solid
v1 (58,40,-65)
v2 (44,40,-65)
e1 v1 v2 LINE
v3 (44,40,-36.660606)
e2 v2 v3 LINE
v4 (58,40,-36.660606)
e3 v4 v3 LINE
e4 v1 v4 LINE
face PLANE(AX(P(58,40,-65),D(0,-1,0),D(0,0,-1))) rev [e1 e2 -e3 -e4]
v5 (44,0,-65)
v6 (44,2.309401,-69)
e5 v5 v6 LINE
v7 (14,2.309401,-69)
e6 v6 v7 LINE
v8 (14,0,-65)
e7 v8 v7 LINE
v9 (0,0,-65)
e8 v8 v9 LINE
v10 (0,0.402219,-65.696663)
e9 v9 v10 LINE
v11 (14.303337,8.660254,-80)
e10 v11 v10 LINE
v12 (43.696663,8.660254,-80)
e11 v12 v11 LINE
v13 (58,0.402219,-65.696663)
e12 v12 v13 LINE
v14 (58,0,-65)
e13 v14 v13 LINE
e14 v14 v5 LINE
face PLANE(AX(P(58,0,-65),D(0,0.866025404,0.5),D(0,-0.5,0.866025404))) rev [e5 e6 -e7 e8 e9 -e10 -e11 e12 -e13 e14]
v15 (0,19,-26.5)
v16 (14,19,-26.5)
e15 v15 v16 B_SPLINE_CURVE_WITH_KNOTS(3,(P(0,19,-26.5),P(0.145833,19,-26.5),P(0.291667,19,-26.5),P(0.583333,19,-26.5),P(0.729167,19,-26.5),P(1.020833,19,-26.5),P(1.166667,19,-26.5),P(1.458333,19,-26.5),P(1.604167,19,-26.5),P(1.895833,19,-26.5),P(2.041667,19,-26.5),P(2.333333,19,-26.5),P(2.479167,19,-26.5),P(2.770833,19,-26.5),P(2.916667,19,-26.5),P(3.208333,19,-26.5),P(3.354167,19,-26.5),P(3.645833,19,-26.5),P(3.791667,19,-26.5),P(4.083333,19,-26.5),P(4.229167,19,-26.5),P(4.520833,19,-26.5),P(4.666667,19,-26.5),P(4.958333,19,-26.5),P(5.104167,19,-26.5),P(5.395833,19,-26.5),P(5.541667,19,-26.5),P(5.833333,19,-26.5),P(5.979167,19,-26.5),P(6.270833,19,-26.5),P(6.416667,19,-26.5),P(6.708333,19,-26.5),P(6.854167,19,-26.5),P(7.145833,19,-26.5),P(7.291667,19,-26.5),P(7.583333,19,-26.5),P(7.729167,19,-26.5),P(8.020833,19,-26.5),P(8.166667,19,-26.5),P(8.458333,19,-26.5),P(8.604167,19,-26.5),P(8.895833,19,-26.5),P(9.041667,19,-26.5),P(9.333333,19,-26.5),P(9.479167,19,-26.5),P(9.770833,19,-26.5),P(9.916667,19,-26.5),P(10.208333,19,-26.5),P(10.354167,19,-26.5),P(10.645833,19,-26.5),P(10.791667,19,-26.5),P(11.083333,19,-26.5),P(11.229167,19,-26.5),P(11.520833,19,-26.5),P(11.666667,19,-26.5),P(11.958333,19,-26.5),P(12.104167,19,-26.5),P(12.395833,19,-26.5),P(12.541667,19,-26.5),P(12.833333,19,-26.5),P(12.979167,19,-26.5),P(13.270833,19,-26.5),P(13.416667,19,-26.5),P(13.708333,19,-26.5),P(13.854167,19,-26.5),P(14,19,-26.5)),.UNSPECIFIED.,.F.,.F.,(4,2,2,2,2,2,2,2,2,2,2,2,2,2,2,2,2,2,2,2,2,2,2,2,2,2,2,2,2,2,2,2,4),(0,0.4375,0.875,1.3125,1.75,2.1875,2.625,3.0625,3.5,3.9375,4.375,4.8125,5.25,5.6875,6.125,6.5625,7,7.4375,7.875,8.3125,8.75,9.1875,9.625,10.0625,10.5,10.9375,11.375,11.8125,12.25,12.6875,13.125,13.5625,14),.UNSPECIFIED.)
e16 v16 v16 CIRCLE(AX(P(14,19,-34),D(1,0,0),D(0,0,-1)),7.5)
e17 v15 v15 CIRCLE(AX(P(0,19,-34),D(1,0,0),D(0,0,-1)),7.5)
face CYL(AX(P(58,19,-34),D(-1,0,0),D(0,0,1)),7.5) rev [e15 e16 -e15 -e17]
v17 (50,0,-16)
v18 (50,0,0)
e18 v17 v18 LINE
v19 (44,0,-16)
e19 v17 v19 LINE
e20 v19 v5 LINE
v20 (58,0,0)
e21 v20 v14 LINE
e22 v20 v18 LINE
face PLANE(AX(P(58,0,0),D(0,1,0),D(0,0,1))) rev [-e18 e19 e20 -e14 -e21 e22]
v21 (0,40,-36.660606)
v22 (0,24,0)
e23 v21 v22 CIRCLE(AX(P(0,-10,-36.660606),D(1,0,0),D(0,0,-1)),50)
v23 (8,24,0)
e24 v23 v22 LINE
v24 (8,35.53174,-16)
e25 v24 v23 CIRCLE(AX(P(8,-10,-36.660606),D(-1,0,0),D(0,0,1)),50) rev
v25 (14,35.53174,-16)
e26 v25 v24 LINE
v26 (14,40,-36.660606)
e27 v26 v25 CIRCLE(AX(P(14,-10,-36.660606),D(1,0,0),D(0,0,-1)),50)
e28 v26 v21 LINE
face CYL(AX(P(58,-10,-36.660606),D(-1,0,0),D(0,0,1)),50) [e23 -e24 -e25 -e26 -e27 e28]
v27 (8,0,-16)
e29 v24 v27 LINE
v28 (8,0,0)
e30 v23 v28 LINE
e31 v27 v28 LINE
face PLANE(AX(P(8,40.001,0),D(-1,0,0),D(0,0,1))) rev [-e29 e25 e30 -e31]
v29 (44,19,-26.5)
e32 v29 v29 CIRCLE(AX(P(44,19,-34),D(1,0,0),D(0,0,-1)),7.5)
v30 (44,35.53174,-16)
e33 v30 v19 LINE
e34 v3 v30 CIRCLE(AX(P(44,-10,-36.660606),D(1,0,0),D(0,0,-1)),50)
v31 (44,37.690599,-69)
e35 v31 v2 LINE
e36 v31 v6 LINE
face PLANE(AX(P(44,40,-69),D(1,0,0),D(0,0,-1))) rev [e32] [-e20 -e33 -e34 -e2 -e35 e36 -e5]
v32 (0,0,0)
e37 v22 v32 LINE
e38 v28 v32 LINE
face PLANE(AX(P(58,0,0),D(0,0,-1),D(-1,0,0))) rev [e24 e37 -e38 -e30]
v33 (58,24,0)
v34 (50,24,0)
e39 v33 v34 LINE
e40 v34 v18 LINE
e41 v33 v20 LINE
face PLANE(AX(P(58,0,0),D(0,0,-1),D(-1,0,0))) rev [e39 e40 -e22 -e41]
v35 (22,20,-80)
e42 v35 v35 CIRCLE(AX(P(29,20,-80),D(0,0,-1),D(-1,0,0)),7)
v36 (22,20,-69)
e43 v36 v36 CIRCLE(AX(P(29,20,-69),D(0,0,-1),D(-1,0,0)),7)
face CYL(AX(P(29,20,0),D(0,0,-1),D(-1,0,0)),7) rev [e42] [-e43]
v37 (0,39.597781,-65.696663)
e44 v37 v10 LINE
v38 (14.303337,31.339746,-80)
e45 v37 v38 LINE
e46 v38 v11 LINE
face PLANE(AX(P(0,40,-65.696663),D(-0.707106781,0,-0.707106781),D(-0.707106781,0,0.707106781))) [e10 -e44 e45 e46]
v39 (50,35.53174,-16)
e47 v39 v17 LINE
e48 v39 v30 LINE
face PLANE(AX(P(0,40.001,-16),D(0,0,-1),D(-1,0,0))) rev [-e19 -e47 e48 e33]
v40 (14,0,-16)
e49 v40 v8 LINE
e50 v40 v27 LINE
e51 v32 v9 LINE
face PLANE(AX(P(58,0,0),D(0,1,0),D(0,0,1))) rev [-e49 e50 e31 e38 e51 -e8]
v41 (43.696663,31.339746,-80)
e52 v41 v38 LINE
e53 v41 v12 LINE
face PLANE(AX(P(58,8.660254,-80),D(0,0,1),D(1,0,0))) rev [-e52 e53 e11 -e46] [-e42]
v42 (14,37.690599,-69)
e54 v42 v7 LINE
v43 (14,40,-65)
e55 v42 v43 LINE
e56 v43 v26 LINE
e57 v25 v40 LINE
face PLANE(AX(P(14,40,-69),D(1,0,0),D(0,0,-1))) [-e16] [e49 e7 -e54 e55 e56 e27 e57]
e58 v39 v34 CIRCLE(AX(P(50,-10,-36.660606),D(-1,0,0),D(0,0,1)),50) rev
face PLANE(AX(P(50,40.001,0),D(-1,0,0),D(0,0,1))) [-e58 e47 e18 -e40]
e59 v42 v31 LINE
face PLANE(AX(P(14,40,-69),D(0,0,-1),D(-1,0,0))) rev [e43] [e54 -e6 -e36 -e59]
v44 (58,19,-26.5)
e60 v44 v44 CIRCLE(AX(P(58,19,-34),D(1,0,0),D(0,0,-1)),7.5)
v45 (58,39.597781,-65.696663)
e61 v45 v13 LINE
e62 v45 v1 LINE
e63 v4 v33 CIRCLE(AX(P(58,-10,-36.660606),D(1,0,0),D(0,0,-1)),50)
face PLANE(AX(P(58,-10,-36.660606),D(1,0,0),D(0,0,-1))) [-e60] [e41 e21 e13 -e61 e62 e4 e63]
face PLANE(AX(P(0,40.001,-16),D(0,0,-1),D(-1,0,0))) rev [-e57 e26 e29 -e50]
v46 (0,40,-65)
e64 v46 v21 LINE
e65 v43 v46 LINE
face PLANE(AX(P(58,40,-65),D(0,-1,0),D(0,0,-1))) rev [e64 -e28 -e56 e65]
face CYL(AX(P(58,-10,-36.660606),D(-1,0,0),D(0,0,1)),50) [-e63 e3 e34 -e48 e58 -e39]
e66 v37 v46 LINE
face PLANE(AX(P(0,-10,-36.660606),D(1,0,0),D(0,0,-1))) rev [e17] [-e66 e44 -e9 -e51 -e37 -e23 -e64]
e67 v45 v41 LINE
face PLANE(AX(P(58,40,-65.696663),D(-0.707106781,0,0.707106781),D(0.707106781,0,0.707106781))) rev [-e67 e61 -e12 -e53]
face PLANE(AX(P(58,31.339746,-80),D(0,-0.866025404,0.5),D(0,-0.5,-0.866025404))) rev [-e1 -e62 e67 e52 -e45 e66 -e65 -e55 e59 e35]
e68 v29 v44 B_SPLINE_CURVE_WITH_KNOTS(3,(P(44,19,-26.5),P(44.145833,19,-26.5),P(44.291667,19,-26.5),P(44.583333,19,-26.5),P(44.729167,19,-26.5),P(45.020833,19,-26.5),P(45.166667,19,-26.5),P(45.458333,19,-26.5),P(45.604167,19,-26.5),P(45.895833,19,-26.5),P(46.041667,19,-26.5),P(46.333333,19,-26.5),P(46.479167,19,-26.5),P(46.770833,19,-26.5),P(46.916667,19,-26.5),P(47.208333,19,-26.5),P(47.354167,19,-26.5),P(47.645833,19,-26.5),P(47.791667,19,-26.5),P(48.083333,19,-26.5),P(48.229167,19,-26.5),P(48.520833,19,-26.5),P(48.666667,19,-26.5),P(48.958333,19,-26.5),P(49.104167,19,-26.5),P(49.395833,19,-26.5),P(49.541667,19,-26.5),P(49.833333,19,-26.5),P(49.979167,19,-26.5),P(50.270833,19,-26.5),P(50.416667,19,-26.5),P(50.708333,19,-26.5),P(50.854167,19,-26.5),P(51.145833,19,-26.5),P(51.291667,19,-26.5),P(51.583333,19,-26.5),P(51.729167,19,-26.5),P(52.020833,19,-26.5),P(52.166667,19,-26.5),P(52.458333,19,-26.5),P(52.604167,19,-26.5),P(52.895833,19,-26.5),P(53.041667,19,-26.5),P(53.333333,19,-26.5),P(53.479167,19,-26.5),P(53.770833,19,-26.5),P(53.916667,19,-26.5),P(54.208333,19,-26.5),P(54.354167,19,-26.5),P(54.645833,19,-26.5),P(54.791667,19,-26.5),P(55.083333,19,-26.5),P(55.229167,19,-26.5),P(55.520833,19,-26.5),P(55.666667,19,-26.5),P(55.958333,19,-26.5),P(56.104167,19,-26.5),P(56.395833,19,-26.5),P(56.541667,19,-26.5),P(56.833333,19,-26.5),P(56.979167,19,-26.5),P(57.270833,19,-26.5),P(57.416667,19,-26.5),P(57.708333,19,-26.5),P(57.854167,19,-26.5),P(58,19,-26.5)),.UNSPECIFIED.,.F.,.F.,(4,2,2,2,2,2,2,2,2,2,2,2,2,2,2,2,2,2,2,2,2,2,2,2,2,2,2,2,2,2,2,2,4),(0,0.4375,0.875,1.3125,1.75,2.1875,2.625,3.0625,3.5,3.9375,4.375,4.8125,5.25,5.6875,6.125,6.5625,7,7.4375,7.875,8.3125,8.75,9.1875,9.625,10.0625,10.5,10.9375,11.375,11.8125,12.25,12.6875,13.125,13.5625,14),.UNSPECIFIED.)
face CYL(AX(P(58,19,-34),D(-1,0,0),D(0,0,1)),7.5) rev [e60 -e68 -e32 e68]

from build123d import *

# Parameters (mm, degrees)
SKETCH1_R                           = 7.5
BOSS_EXTRUDE1_DEPTH                 = 58
CUT_EXTRUDE1_DEPTH                  = 107.60206377
CUT_EXTRUDE1_DEPTH_BACK             = 10
SKETCH3_W                           = 30
SKETCH3_H                           = 53
CUT_EXTRUDE3_DEPTH                  = 107.60206377
CUT_EXTRUDE3_DIRECTION_2_REACH      = 108.602
CUT_EXTRUDE3_DIRECTION_2_END_RADIUS = 50
CUT_EXTRUDE4_DEPTH                  = 107.60206377
SKETCH8_R                           = 7
CUT_EXTRUDE5_DEPTH                  = 107.60206377


with BuildPart() as part:
    # Sketch1 → Boss-Extrude1 (new body)
    with BuildSketch(Plane(origin=(0, 0, 0), x_dir=(0, 0, -1), z_dir=(1, 0, 0))):
        with BuildLine():
            Line((0, 0), (65, 0))
            Line((65, 0), (80, 8.660254038))
            Line((80, 8.660254038), (80, 31.339745962))
            Line((80, 31.339745962), (65, 40))
            Line((65, 40), (36.66060556, 40))
            ThreePointArc((36.66060556, 40), (16.66060556, 35.82575695), (0, 24))
            Line((0, 24), (0, 0))
        make_face()
        with Locations(Location((34, 19, 0), (0, 0, 180))):
            Circle(SKETCH1_R, mode=Mode.SUBTRACT)
    extrude(amount=BOSS_EXTRUDE1_DEPTH)

    # Sketch3 → Cut-Extrude1 (cut, two sides: drawn at the far end of the back side and taken through both)
    with BuildSketch(Plane(origin=(0, 0, 0), x_dir=(1, 0, 0), z_dir=(0, 1, 0)).offset(-CUT_EXTRUDE1_DEPTH_BACK)):
        with Locations((29, 42.5)):
            Rectangle(SKETCH3_W, SKETCH3_H)
    extrude(amount=CUT_EXTRUDE1_DEPTH + CUT_EXTRUDE1_DEPTH_BACK, mode=Mode.SUBTRACT)

    # Sketch5 → Cut-Extrude3 (cut)
    with BuildSketch(Plane(origin=(0, 0, 0), x_dir=(1, 0, 0), z_dir=(0, 1, 0))):
        Polygon((29, 0), (29, 16), (14, 16), (8, 16), (8, 0), align=None)
        Polygon((44, 16), (29, 16), (29, 0), (50, 0), (50, 16), align=None)
    extrude(amount=-CUT_EXTRUDE3_DEPTH, mode=Mode.SUBTRACT)

    # Cut-Extrude3 direction 2: up to this cylinder (the profile starts inside it)
    cut_extrude3_direction_2_end = Plane(origin=(29, -10, -36.66060556), z_dir=(-1, 0, 0)) * Cylinder(CUT_EXTRUDE3_DIRECTION_2_END_RADIUS, 339.204, mode=Mode.PRIVATE)
    # Sketch5 → Cut-Extrude3 direction 2 (cut, up to the surface)
    with BuildSketch(Plane(origin=(0, 0, 0), x_dir=(1, 0, 0), z_dir=(0, 1, 0)), mode=Mode.PRIVATE) as cut_extrude3_direction_2_sk1:
        Polygon((29, 0), (29, 16), (14, 16), (8, 16), (8, 0), align=None)
    cut_extrude3_direction_2_tool1 = extrude(cut_extrude3_direction_2_sk1.sketch, amount=CUT_EXTRUDE3_DIRECTION_2_REACH, mode=Mode.PRIVATE) & cut_extrude3_direction_2_end
    add(cut_extrude3_direction_2_tool1.solids().sort_by_distance((18.5, 0, -8))[0], mode=Mode.SUBTRACT)
    # Sketch5 → Cut-Extrude3 direction 2 (cut, up to the surface)
    with BuildSketch(Plane(origin=(0, 0, 0), x_dir=(1, 0, 0), z_dir=(0, 1, 0)), mode=Mode.PRIVATE) as cut_extrude3_direction_2_sk2:
        Polygon((44, 16), (29, 16), (29, 0), (50, 0), (50, 16), align=None)
    cut_extrude3_direction_2_tool2 = extrude(cut_extrude3_direction_2_sk2.sketch, amount=CUT_EXTRUDE3_DIRECTION_2_REACH, mode=Mode.PRIVATE) & cut_extrude3_direction_2_end
    add(cut_extrude3_direction_2_tool2.solids().sort_by_distance((39.5, 0, -8))[0], mode=Mode.SUBTRACT)

    # Sketch7 → Cut-Extrude4 (cut, through all)
    with BuildSketch(Plane(origin=(0, 0, 0), x_dir=(1, 0, 0), z_dir=(0, 1, 0))):
        Polygon((0, 65.69666313), (14.30333687, 80), (0, 80), align=None)
        Polygon((58, 65.69666313), (43.69666313, 80), (58, 80), align=None)
    extrude(amount=CUT_EXTRUDE4_DEPTH, mode=Mode.SUBTRACT)

    # Sketch8 → Cut-Extrude5 (cut, through all)
    with BuildSketch(Plane(origin=(0, 0, -80), x_dir=(-1, 0, 0), z_dir=(0, 0, -1))):
        with Locations((-29, 20)):
            Circle(SKETCH8_R)
    extrude(amount=-CUT_EXTRUDE5_DEPTH, mode=Mode.SUBTRACT)


solid = part.part
